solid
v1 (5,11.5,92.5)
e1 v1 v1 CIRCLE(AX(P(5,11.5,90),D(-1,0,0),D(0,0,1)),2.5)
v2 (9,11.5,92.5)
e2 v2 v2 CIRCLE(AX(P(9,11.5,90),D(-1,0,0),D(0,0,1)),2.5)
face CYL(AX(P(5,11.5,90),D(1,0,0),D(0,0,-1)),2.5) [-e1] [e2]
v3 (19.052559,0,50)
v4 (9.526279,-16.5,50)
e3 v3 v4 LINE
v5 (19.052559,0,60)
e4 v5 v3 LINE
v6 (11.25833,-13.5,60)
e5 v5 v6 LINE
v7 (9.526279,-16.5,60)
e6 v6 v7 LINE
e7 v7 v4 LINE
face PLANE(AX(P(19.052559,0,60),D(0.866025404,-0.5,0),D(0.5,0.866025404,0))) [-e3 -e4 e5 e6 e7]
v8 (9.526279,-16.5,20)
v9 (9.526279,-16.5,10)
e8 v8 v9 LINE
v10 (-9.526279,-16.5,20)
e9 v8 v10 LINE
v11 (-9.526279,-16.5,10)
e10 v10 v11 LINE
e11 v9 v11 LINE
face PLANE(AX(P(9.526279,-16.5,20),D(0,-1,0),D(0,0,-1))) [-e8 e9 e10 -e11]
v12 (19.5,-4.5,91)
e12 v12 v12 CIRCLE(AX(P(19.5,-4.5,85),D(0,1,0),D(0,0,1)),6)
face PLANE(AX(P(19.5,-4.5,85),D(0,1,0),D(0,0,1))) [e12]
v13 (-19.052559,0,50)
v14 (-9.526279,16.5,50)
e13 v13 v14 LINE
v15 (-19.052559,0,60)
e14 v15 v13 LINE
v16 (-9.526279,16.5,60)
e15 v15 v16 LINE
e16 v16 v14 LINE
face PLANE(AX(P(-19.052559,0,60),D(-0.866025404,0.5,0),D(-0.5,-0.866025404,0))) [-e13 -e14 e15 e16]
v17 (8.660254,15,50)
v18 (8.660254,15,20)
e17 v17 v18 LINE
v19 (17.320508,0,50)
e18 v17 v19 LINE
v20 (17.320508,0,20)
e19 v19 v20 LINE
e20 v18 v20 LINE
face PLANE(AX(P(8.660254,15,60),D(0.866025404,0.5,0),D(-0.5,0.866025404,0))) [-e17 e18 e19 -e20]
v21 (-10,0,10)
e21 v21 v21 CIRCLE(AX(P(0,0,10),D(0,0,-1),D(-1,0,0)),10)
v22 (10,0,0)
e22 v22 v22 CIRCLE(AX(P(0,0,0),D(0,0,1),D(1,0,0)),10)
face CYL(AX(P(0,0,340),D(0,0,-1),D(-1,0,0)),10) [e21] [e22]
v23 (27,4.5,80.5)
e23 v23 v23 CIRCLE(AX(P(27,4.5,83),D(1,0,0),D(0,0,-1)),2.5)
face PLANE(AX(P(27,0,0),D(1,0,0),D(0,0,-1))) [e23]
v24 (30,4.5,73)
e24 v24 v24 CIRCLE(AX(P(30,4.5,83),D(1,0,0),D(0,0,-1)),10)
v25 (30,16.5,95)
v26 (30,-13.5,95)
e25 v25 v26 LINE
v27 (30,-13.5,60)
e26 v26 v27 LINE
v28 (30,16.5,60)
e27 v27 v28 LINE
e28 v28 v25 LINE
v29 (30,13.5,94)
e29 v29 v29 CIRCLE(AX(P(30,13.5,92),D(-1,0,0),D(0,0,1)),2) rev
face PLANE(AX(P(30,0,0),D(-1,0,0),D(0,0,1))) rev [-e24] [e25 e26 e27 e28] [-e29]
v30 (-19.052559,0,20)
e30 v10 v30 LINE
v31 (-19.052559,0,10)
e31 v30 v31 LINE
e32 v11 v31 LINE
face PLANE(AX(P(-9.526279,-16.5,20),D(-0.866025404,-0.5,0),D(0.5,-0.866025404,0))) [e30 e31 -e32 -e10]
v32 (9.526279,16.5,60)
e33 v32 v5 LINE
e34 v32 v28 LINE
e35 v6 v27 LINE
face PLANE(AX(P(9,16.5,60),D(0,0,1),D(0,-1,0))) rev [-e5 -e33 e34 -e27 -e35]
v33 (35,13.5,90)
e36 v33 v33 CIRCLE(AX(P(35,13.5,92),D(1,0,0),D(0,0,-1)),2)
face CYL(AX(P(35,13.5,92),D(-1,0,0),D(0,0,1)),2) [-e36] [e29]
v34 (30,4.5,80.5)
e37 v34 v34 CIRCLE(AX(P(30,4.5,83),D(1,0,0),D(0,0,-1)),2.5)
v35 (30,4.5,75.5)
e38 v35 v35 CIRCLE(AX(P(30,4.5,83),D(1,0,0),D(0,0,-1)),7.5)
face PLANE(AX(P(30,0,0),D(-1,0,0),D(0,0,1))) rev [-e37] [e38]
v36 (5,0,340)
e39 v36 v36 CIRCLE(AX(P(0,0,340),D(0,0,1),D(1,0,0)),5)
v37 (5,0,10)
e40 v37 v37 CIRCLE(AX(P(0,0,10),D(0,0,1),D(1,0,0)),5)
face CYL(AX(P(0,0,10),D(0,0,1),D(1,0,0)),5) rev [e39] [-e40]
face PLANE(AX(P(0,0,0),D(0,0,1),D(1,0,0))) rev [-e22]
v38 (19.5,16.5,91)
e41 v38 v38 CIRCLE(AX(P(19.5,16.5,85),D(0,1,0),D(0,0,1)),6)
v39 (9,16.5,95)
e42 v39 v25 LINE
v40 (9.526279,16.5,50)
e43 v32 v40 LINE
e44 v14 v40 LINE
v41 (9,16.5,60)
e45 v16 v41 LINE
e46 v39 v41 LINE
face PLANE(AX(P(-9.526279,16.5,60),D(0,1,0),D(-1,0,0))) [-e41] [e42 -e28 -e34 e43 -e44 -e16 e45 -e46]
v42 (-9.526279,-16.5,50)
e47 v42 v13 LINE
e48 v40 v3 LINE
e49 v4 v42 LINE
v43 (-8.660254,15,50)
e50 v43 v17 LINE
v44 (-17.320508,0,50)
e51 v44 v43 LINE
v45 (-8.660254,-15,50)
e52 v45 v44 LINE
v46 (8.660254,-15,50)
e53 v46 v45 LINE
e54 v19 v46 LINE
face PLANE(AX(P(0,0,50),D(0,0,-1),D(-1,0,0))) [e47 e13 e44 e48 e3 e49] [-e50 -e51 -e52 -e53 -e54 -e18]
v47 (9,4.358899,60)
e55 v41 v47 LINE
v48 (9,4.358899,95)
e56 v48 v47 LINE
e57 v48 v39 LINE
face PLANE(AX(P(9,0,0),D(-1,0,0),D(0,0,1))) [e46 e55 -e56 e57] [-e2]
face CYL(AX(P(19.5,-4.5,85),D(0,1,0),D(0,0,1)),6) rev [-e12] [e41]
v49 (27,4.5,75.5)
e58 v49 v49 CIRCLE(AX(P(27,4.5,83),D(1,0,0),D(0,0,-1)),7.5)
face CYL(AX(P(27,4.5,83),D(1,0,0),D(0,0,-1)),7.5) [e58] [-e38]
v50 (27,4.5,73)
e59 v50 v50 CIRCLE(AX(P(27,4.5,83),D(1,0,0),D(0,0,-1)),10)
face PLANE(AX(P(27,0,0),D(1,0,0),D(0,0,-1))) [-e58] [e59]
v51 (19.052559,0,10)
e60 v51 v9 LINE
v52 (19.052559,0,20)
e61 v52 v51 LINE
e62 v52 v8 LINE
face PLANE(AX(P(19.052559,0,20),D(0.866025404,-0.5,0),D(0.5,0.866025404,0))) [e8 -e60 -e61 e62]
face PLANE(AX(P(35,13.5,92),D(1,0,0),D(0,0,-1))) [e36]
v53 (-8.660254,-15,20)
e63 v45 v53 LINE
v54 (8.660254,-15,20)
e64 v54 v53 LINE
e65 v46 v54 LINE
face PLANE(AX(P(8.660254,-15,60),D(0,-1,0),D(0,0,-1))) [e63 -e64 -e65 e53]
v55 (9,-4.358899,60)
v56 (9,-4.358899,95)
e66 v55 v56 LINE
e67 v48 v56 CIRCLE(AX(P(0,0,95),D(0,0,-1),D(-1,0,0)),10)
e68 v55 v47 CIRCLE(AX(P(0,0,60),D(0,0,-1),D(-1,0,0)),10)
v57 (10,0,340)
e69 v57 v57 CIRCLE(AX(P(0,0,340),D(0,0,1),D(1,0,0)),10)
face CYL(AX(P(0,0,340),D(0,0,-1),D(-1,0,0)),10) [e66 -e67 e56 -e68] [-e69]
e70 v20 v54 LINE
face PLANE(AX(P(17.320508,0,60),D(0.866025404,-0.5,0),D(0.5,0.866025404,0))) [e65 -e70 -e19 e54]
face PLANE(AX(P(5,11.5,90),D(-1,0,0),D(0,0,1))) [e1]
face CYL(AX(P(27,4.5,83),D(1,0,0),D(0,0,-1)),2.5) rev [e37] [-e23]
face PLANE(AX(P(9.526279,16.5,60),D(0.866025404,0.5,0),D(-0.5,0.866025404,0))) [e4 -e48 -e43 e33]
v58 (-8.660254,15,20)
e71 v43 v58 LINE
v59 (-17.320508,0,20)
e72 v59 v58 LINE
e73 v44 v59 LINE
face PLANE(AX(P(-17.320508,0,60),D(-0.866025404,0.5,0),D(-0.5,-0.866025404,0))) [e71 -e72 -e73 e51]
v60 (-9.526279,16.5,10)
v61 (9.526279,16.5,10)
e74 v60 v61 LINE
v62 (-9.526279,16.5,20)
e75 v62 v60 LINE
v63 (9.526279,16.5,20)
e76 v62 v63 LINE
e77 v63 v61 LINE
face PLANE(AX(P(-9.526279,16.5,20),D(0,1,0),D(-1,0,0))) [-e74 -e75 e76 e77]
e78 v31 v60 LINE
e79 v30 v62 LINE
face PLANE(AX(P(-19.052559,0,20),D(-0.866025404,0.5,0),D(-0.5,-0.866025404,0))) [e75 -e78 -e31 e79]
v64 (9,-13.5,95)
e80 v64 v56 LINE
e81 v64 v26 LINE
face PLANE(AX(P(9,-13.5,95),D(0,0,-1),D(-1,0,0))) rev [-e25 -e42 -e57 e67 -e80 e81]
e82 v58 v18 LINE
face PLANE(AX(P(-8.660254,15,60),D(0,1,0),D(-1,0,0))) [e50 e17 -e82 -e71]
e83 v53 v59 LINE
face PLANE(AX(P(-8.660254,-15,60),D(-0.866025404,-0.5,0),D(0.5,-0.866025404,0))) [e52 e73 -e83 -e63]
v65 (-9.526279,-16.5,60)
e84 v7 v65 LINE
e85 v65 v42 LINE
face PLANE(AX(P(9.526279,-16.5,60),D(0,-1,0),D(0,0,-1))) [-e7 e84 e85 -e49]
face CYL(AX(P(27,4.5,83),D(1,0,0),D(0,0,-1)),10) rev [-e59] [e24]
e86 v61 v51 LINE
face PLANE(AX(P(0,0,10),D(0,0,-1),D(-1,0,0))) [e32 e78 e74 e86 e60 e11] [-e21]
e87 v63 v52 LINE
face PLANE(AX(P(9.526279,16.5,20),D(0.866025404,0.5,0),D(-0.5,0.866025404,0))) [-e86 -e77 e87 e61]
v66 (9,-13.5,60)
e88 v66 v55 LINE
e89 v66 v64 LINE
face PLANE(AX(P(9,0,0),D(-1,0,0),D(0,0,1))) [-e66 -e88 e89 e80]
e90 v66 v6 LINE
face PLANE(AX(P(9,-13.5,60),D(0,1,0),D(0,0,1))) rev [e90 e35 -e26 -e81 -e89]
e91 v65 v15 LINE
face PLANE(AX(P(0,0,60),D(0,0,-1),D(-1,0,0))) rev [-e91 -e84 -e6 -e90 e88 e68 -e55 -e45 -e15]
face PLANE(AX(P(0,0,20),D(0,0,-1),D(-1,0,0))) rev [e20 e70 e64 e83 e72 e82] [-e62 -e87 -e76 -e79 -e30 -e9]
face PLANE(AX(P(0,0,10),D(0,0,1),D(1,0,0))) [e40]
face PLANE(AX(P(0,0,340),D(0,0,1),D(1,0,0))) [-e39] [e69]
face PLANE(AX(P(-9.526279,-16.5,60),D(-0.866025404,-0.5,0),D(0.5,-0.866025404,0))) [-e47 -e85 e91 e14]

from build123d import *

# Parameters (mm, degrees)
SKETCH1_R            = 10
BOSS_EXTRUDE1_DEPTH  = 340
SKETCH2_R            = 5
CUT_EXTRUDE1_DEPTH   = 330
BOSS_EXTRUDE2_START  = -10
SKETCH3_R            = 10
BOSS_EXTRUDE2_DEPTH  = 50
BOSS_EXTRUDE3_DEPTH  = 10
BOSS_EXTRUDE4_START  = -40
BOSS_EXTRUDE4_DEPTH  = 10
BOSS_EXTRUDE6_START  = 10
SKETCH5_W            = 35
SKETCH5_H            = 30
BOSS_EXTRUDE6_DEPTH  = 10
SKETCH6_W            = 35
SKETCH6_H            = 30
BOSS_EXTRUDE8_DEPTH  = 11
SKETCH7_R            = 6
CUT_EXTRUDE2_DEPTH   = 21
SKETCH8_R            = 2.5
BOSS_EXTRUDE9_DEPTH  = 4
SKETCH9_R            = 10
SKETCH9_R_2          = 7.5
SKETCH9_R_3          = 2.5
CUT_EXTRUDE3_DEPTH   = 3
SKETCH10_R           = 2
BOSS_EXTRUDE10_DEPTH = 5


with BuildPart() as part:
    # Sketch1 → Boss-Extrude1 (new body)
    with BuildSketch(Plane.XY):
        Circle(SKETCH1_R)
    extrude(amount=BOSS_EXTRUDE1_DEPTH)

    # Sketch2 → Cut-Extrude1 (cut)
    with BuildSketch(Plane.XY.offset(340)):
        Circle(SKETCH2_R)
    extrude(amount=-CUT_EXTRUDE1_DEPTH, mode=Mode.SUBTRACT)

    # Sketch3 → Boss-Extrude2 (add)
    with BuildSketch(Plane(origin=(0, 0, 0), x_dir=(-1, 0, 0), z_dir=(0, 0, -1)).offset(BOSS_EXTRUDE2_START)):
        Polygon((17.320508076, 0), (8.660254038, 15), (-8.660254038, 15), (-17.320508076, 0), (-8.660254038, -15), (8.660254038, -15), align=None)
        Circle(SKETCH3_R, mode=Mode.SUBTRACT)
    extrude(amount=-BOSS_EXTRUDE2_DEPTH)

    # Sketch4 → Boss-Extrude3 (add)
    with BuildSketch(Plane(origin=(0, 0, 10), x_dir=(-1, 0, 0), z_dir=(0, 0, -1))):
        Polygon((-9.526279442, -16.5), (9.526279442, -16.5), (19.052558883, 0), (9.526279442, 16.5), (-9.526279442, 16.5), (-19.052558883, 0), align=None)
        Polygon((8.660254038, 15), (-8.660254038, 15), (-17.320508076, 0), (-8.660254038, -15), (8.660254038, -15), (17.320508076, 0), align=None, mode=Mode.SUBTRACT)
    extrude(amount=-BOSS_EXTRUDE3_DEPTH)

    # Sketch4<2> → Boss-Extrude4 (add)
    with BuildSketch(Plane(origin=(0, 0, 10), x_dir=(-1, 0, 0), z_dir=(0, 0, -1)).offset(BOSS_EXTRUDE4_START)):
        Polygon((-9.526279442, -16.5), (9.526279442, -16.5), (19.052558883, 0), (9.526279442, 16.5), (-9.526279442, 16.5), (-19.052558883, 0), align=None)
        Polygon((8.660254038, 15), (-8.660254038, 15), (-17.320508076, 0), (-8.660254038, -15), (8.660254038, -15), (17.320508076, 0), align=None, mode=Mode.SUBTRACT)
    extrude(amount=-BOSS_EXTRUDE4_DEPTH)



with BuildPart() as body_2:
    # Sketch5 → Boss-Extrude6 (new body)
    with BuildSketch(Plane(origin=(10, 0, 0), x_dir=(0, 0, -1), z_dir=(1, 0, 0)).offset(BOSS_EXTRUDE6_START)):
        with Locations((-77.5, 1.5)):
            Rectangle(SKETCH5_W, SKETCH5_H)
    extrude(amount=BOSS_EXTRUDE6_DEPTH)


with BuildPart() as part_1:
    add(part.part)

    add(body_2.part)  # Boss-Extrude8 merges body 2
    # Sketch6 → Boss-Extrude8 (add)
    with BuildSketch(Plane.ZY.offset(-20)):
        with Locations((77.5, 1.5)):
            Rectangle(SKETCH6_W, SKETCH6_H)
    extrude(amount=BOSS_EXTRUDE8_DEPTH)

    # Sketch7 → Cut-Extrude2 (cut)
    with BuildSketch(Plane(origin=(0, 16.5, 0), x_dir=(1, 0, 0), z_dir=(0, 1, 0))):
        with Locations((19.5, -85)):
            Circle(SKETCH7_R)
    extrude(amount=-CUT_EXTRUDE2_DEPTH, mode=Mode.SUBTRACT)

    # Sketch8 → Boss-Extrude9 (add)
    with BuildSketch(Plane.ZY.offset(-9)):
        with Locations((90, 11.5)):
            Circle(SKETCH8_R)
    extrude(amount=BOSS_EXTRUDE9_DEPTH)

    # Sketch9 → Cut-Extrude3 (cut)
    # profile 1 of 2: a face of its own
    with BuildSketch(Plane(origin=(30, 0, 0), x_dir=(0, 0, -1), z_dir=(1, 0, 0))):
        with Locations((-83, 4.5)):
            Circle(SKETCH9_R)
        with Locations((-83, 4.5)):
            Circle(SKETCH9_R_2, mode=Mode.SUBTRACT)
    # profile 2 of 2: a face of its own
    with BuildSketch(Plane(origin=(30, 0, 0), x_dir=(0, 0, -1), z_dir=(1, 0, 0))):
        with Locations((-83, 4.5)):
            Circle(SKETCH9_R_3)
    extrude(amount=-CUT_EXTRUDE3_DEPTH, mode=Mode.SUBTRACT)

    # Sketch10 → Boss-Extrude10 (add)
    with BuildSketch(Plane(origin=(30, 0, 0), x_dir=(0, 0, -1), z_dir=(1, 0, 0))):
        with Locations((-92, 13.5)):
            Circle(SKETCH10_R)
    extrude(amount=BOSS_EXTRUDE10_DEPTH)


solid = part_1.part
